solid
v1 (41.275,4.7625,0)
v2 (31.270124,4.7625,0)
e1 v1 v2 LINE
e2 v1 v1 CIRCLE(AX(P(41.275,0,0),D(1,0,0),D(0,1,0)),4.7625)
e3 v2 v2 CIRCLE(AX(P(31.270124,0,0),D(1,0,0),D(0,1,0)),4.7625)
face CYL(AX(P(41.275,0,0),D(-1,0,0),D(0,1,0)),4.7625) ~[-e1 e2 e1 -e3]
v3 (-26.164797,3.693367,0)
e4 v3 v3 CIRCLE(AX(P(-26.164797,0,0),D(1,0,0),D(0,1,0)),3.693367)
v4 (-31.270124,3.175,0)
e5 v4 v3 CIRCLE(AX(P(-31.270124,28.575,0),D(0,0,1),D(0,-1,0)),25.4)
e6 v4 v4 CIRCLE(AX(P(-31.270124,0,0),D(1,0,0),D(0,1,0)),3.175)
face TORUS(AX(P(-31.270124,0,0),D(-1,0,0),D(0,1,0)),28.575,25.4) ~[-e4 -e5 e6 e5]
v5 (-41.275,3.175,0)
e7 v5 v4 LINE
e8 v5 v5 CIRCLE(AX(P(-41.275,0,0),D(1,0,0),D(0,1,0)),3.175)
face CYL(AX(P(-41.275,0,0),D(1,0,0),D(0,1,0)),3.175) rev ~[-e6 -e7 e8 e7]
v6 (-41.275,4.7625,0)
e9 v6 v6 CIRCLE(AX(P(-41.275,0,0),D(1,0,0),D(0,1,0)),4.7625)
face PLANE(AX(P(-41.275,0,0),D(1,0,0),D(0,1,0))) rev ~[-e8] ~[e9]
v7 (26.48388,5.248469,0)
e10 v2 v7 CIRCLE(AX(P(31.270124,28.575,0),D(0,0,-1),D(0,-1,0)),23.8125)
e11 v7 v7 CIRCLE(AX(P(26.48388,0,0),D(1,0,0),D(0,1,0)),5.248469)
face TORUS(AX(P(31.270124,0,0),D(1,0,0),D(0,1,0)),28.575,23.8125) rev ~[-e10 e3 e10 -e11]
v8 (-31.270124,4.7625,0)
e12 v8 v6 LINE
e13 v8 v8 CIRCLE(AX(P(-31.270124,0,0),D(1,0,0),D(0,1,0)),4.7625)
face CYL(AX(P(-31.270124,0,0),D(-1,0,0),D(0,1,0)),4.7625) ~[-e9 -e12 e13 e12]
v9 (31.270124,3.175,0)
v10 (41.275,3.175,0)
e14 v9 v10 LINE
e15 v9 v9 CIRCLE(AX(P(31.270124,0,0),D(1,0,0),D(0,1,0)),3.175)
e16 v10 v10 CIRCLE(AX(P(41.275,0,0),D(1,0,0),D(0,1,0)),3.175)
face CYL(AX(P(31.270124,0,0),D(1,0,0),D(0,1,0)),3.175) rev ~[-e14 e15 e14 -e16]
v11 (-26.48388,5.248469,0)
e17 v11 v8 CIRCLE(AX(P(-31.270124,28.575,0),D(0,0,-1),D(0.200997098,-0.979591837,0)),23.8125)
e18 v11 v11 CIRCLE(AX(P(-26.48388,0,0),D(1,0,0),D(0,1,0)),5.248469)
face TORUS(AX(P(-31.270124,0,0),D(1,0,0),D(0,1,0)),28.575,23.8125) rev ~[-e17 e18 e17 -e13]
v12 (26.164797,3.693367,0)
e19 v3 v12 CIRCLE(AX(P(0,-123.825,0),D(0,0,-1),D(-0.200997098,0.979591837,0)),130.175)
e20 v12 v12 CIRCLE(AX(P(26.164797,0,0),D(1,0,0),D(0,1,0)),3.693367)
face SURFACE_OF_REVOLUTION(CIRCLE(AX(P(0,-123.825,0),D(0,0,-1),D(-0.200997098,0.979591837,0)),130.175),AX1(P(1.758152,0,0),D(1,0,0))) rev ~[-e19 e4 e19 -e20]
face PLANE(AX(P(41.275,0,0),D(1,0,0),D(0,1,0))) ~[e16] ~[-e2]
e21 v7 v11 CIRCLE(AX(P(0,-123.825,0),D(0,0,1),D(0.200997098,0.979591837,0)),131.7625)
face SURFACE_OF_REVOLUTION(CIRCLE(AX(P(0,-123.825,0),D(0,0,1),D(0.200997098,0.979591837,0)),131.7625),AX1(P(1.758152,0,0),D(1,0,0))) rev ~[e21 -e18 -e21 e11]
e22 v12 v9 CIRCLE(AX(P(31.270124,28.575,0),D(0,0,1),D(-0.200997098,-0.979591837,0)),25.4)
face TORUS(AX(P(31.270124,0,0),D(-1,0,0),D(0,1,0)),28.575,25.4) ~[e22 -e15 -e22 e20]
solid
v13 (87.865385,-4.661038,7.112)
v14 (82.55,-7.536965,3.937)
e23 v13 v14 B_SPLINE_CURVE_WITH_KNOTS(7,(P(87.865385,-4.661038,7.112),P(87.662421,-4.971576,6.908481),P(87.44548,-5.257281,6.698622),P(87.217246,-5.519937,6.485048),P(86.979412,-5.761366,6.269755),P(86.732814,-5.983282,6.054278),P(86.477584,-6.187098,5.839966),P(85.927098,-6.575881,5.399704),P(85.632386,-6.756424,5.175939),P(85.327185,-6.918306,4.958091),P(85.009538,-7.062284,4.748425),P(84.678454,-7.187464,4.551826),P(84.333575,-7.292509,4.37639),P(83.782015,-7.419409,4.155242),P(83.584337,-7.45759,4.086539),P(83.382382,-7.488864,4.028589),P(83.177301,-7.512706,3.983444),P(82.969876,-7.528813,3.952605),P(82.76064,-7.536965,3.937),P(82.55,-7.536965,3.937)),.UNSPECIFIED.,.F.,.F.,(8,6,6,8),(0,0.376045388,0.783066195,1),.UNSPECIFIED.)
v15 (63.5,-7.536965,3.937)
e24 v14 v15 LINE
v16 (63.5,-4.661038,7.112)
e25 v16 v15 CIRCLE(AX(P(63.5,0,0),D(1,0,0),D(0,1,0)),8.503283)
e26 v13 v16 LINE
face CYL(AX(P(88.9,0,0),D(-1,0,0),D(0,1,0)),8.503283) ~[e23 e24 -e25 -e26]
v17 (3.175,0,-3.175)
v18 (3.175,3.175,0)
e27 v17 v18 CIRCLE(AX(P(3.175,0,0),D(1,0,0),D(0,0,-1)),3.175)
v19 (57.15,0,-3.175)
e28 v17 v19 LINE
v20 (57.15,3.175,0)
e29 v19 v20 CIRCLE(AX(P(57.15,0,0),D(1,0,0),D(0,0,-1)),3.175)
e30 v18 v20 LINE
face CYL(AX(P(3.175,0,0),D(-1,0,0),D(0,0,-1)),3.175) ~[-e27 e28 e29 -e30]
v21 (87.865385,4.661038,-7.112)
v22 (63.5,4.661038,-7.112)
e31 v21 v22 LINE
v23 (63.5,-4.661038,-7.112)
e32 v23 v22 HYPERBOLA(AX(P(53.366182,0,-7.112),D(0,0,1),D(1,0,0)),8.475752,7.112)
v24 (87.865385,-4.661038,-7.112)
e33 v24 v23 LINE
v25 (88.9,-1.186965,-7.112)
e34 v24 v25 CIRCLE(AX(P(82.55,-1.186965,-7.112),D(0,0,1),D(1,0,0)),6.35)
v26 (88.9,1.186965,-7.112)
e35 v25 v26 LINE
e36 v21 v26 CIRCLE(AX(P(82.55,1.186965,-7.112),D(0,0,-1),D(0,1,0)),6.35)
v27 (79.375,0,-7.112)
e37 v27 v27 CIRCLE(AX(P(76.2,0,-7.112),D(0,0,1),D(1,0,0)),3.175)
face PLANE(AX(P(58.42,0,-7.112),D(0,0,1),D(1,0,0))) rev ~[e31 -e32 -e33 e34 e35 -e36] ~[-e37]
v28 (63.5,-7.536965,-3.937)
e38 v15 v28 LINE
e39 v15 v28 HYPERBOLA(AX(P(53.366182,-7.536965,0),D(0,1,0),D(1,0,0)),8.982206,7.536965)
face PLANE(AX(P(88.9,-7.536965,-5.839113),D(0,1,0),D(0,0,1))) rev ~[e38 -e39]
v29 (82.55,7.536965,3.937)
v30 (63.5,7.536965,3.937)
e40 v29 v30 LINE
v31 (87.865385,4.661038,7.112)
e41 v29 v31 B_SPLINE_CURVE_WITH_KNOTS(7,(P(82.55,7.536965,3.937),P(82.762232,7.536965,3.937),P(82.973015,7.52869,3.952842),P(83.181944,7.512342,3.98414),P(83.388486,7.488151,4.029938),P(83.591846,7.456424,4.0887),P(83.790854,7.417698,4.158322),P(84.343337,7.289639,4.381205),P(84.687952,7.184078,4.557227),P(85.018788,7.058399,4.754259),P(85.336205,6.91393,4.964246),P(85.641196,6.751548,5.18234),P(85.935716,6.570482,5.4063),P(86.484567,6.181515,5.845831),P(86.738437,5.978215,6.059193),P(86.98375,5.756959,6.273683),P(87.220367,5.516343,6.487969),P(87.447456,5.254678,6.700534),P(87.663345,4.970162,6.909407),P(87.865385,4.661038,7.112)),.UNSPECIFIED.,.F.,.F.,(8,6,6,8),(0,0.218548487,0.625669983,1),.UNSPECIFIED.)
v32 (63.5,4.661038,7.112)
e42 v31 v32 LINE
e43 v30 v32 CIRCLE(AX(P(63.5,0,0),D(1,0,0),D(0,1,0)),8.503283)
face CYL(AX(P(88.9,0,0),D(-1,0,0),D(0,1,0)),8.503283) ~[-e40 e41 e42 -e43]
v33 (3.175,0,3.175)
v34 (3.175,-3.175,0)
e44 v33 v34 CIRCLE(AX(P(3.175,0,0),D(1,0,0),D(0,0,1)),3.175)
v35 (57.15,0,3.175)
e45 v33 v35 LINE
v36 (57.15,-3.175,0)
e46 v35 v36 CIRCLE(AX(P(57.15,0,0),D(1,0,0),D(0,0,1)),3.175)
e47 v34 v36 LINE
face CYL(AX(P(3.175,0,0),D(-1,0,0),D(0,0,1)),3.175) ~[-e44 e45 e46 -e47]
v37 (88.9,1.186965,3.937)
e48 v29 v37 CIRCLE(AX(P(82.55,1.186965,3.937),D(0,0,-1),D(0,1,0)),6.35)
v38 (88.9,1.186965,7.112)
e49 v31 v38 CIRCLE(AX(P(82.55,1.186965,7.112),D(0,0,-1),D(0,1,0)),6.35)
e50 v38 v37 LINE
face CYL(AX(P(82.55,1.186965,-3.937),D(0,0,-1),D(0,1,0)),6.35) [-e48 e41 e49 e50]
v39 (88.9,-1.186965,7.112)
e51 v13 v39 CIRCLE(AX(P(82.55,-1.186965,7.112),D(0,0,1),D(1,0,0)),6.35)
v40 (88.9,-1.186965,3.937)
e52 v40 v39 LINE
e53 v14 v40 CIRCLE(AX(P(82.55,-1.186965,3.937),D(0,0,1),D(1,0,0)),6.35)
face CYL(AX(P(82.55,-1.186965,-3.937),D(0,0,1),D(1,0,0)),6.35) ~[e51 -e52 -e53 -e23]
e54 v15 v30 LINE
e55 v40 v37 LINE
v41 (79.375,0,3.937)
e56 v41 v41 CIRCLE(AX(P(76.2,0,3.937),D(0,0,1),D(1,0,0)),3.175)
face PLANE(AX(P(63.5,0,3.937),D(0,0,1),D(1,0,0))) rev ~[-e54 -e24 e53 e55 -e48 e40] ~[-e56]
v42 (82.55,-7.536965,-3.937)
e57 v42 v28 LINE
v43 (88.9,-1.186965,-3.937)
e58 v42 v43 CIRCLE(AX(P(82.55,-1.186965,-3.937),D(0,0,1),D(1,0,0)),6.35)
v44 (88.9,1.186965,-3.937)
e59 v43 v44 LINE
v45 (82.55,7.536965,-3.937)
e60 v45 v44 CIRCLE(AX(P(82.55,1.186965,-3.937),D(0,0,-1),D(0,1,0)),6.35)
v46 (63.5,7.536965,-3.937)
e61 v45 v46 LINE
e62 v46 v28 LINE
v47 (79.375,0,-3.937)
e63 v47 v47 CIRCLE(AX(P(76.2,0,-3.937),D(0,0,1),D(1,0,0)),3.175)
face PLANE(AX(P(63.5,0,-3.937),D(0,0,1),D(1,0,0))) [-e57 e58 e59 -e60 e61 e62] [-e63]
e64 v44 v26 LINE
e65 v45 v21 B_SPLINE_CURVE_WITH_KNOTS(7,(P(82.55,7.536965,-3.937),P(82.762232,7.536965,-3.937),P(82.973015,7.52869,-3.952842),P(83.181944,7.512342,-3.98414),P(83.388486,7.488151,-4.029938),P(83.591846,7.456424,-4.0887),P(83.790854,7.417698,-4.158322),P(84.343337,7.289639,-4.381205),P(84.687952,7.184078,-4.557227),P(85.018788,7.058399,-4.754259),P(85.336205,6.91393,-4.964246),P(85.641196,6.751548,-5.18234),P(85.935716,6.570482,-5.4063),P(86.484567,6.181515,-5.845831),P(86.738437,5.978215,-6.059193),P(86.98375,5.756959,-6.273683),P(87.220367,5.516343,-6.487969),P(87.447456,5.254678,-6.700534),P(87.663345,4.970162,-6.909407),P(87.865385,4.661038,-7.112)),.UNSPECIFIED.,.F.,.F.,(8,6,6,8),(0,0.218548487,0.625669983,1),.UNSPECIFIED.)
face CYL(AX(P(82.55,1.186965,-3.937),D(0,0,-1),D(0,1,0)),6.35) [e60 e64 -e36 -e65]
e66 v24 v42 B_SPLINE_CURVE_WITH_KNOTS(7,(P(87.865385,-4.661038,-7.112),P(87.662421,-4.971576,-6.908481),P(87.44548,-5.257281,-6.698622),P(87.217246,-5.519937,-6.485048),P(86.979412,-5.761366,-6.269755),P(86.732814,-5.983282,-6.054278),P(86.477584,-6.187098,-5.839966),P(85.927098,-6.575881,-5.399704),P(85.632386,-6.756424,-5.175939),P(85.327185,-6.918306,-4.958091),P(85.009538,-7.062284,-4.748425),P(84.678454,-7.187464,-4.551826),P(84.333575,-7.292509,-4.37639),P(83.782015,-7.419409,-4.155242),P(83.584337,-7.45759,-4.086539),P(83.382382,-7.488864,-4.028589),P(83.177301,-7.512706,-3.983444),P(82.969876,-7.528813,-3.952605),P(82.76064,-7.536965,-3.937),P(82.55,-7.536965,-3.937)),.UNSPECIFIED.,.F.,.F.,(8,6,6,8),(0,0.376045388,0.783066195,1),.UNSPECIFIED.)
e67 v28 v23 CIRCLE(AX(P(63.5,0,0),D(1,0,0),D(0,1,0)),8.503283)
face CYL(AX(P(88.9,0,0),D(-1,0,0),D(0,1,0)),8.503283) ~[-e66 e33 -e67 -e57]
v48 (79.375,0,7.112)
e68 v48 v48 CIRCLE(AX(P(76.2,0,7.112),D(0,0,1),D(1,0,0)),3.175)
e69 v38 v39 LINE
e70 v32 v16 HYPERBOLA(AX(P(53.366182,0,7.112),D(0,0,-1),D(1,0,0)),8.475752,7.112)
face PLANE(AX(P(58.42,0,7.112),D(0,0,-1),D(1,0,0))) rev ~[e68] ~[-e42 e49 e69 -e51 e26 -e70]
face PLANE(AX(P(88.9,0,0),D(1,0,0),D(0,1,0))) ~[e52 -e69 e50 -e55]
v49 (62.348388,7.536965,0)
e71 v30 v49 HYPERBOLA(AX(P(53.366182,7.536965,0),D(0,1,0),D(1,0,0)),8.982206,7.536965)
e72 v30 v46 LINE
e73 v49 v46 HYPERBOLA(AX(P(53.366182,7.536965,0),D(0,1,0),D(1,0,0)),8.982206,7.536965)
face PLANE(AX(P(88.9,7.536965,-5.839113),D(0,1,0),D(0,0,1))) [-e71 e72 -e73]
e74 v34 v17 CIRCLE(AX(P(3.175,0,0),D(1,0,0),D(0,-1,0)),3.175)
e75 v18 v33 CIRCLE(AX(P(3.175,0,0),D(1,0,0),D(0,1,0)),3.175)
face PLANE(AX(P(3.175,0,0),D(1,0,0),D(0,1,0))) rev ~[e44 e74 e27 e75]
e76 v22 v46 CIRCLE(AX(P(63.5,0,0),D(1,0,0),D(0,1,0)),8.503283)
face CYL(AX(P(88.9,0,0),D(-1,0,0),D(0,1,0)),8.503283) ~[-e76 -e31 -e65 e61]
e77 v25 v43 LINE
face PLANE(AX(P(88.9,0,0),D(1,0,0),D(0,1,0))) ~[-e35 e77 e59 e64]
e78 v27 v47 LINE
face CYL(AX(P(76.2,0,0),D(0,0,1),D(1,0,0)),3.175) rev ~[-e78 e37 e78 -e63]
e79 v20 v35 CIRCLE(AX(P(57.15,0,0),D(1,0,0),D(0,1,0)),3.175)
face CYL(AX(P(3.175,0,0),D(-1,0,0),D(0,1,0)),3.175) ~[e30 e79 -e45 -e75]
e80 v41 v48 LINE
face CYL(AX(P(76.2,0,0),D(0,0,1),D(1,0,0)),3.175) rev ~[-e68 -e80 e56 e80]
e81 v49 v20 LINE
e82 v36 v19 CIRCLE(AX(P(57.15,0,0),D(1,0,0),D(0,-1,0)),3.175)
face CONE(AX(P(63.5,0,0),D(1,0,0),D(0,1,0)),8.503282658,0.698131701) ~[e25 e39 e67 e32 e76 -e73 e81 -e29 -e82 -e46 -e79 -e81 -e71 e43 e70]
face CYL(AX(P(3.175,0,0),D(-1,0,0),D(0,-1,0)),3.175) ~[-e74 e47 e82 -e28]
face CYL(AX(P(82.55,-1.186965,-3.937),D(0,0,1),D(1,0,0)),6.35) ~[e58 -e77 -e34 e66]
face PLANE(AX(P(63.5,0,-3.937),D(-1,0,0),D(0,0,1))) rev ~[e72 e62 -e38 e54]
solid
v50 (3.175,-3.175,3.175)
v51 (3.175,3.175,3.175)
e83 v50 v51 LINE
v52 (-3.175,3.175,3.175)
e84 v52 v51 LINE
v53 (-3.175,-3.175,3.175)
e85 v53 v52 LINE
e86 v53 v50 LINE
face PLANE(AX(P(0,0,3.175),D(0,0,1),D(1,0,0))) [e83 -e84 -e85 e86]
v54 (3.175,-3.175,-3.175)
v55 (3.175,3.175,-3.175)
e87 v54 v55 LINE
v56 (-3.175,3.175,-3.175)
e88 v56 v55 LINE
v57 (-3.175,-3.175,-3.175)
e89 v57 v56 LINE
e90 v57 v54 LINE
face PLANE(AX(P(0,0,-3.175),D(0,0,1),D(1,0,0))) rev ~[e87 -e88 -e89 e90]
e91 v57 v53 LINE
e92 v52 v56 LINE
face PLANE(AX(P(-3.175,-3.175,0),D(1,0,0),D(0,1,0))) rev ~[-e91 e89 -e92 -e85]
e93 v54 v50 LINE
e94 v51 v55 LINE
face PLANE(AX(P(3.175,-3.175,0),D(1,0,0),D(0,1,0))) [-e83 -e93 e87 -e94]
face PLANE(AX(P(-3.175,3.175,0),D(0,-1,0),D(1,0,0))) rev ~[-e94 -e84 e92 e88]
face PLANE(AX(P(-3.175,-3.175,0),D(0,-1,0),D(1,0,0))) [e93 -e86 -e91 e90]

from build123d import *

# Parameters (mm, degrees)
F1_W      = 6.35
F1_H      = 6.35
F2_DEPTH  = 3.175
F3_DEPTH  = 53.975
F5_R      = 3.175
F10_DEPTH = 12.7
F6_W      = 26.67
F6_H      = 7.874
F6_W_2    = 31.75
F6_H_2    = 5.08
F11_DEPTH = 12.7
F12_W     = 3.2304283773
F12_H     = 9.7761131461
F13_DEPTH = 50.8
F15_DEPTH = 25.4


with BuildPart() as f7:
    # F0 (on Top) → F7 (revolve)
    with BuildSketch(Plane.XY):
        with BuildLine():
            Line((-41.275, 4.7625), (-41.275, 3.175))
            Line((-41.275, 3.175), (-31.2701235207, 3.175))
            ThreePointArc((-31.2701235207, 3.175), (-28.7043360575, 3.3049241257), (-26.1647972316, 3.6933673469))
            ThreePointArc((-26.1647972316, 3.6933673469), (0, 6.35), (26.1647972316, 3.6933673469))
            ThreePointArc((26.1647972316, 3.6933673469), (28.7043360575, 3.3049241257), (31.2701235207, 3.175))
            Line((31.2701235207, 3.175), (41.275, 3.175))
            Line((41.275, 3.175), (41.275, 4.7625))
            Line((41.275, 4.7625), (31.2701235207, 4.7625))
            ThreePointArc((31.2701235207, 4.7625), (28.864697774, 4.8843038678), (26.4838801247, 5.2484693878))
            ThreePointArc((26.4838801247, 5.2484693878), (0, 7.9375), (-26.4838801247, 5.2484693878))
            ThreePointArc((-26.4838801247, 5.2484693878), (-28.864697774, 4.8843038678), (-31.2701235207, 4.7625))
            Line((-31.2701235207, 4.7625), (-41.275, 4.7625))
        make_face()
    revolve(axis=Axis((1.7581520012, 0, 0), (1, 0, 0)))


with BuildPart() as f2:
    # F1 (on Top) → F2 (new body, symmetric)
    with BuildSketch(Plane.XY):
        Rectangle(F1_W, F1_H)
    extrude(amount=F2_DEPTH, both=True)


with BuildPart() as f3:
    # F8 (on face) → F3 (new body)
    with BuildSketch(Plane.YZ.offset(3.175)):
        with BuildLine():
            ThreePointArc((0, -3.175), (2.2450640303, -2.2450640303), (3.175, 0))
            ThreePointArc((3.175, 0), (2.2450640303, 2.2450640303), (0, 3.175))
            ThreePointArc((0, 3.175), (-2.2450640303, 2.2450640303), (-3.175, 0))
            ThreePointArc((-3.175, 0), (-2.2450640303, -2.2450640303), (0, -3.175))
        make_face()
    extrude(amount=F3_DEPTH)

    # F9 (on Top) → F4 (revolve)
    with BuildSketch(Plane.XY):
        Polygon((57.15, 3.175), (57.15, 0), (63.5, 0), (88.9, 0), (88.9, 8.503282658), (63.5, 8.503282658), align=None)
    revolve(axis=Axis((1.7581520012, 0, 0), (1, 0, 0)))

    # F5 (on Top) → F10 (cut, symmetric)
    with BuildSketch(Plane.XY):
        with Locations((76.2, 0)):
            Circle(F5_R)
    extrude(amount=F10_DEPTH, both=True, mode=Mode.SUBTRACT)

    # F6 (on Front) → F11 (cut, symmetric)
    with BuildSketch(Plane.XZ):
        with Locations((76.835, 0)):
            Rectangle(F6_W, F6_H)
        with Locations((74.295, -9.652)):
            Rectangle(F6_W_2, F6_H_2)
        with Locations((74.295, 9.652)):
            Rectangle(F6_W_2, F6_H_2)
    extrude(amount=F11_DEPTH, both=True, mode=Mode.SUBTRACT)

    # F12 (on face) → F13 (cut)
    with BuildSketch(Plane.YZ.offset(88.9)):
        with Locations((-9.1521795568, -0.951056573)):
            Rectangle(F12_W, F12_H)
        with Locations((9.1521795568, -0.951056573)):
            Rectangle(F12_W, F12_H)
    extrude(amount=-F13_DEPTH, mode=Mode.SUBTRACT)

    # F14 (on face) → F15 (cut, symmetric)
    with BuildSketch(Plane.XY.offset(-3.937)):
        with BuildLine():
            Line((88.9, 7.5369653682), (82.55, 7.5369653682))
            ThreePointArc((82.55, 7.5369653682), (87.0401280605, 5.6770934287), (88.9, 1.1869653682))
            Line((88.9, 1.1869653682), (88.9, 7.5369653682))
        make_face()
        with BuildLine():
            Line((88.9, -7.5369653682), (88.9, -1.1869653682))
            ThreePointArc((88.9, -1.1869653682), (87.0401280605, -5.6770934287), (82.55, -7.5369653682))
            Line((82.55, -7.5369653682), (88.9, -7.5369653682))
        make_face()
    extrude(amount=F15_DEPTH, both=True, mode=Mode.SUBTRACT)


solid = Compound([f7.part, f2.part, f3.part])
